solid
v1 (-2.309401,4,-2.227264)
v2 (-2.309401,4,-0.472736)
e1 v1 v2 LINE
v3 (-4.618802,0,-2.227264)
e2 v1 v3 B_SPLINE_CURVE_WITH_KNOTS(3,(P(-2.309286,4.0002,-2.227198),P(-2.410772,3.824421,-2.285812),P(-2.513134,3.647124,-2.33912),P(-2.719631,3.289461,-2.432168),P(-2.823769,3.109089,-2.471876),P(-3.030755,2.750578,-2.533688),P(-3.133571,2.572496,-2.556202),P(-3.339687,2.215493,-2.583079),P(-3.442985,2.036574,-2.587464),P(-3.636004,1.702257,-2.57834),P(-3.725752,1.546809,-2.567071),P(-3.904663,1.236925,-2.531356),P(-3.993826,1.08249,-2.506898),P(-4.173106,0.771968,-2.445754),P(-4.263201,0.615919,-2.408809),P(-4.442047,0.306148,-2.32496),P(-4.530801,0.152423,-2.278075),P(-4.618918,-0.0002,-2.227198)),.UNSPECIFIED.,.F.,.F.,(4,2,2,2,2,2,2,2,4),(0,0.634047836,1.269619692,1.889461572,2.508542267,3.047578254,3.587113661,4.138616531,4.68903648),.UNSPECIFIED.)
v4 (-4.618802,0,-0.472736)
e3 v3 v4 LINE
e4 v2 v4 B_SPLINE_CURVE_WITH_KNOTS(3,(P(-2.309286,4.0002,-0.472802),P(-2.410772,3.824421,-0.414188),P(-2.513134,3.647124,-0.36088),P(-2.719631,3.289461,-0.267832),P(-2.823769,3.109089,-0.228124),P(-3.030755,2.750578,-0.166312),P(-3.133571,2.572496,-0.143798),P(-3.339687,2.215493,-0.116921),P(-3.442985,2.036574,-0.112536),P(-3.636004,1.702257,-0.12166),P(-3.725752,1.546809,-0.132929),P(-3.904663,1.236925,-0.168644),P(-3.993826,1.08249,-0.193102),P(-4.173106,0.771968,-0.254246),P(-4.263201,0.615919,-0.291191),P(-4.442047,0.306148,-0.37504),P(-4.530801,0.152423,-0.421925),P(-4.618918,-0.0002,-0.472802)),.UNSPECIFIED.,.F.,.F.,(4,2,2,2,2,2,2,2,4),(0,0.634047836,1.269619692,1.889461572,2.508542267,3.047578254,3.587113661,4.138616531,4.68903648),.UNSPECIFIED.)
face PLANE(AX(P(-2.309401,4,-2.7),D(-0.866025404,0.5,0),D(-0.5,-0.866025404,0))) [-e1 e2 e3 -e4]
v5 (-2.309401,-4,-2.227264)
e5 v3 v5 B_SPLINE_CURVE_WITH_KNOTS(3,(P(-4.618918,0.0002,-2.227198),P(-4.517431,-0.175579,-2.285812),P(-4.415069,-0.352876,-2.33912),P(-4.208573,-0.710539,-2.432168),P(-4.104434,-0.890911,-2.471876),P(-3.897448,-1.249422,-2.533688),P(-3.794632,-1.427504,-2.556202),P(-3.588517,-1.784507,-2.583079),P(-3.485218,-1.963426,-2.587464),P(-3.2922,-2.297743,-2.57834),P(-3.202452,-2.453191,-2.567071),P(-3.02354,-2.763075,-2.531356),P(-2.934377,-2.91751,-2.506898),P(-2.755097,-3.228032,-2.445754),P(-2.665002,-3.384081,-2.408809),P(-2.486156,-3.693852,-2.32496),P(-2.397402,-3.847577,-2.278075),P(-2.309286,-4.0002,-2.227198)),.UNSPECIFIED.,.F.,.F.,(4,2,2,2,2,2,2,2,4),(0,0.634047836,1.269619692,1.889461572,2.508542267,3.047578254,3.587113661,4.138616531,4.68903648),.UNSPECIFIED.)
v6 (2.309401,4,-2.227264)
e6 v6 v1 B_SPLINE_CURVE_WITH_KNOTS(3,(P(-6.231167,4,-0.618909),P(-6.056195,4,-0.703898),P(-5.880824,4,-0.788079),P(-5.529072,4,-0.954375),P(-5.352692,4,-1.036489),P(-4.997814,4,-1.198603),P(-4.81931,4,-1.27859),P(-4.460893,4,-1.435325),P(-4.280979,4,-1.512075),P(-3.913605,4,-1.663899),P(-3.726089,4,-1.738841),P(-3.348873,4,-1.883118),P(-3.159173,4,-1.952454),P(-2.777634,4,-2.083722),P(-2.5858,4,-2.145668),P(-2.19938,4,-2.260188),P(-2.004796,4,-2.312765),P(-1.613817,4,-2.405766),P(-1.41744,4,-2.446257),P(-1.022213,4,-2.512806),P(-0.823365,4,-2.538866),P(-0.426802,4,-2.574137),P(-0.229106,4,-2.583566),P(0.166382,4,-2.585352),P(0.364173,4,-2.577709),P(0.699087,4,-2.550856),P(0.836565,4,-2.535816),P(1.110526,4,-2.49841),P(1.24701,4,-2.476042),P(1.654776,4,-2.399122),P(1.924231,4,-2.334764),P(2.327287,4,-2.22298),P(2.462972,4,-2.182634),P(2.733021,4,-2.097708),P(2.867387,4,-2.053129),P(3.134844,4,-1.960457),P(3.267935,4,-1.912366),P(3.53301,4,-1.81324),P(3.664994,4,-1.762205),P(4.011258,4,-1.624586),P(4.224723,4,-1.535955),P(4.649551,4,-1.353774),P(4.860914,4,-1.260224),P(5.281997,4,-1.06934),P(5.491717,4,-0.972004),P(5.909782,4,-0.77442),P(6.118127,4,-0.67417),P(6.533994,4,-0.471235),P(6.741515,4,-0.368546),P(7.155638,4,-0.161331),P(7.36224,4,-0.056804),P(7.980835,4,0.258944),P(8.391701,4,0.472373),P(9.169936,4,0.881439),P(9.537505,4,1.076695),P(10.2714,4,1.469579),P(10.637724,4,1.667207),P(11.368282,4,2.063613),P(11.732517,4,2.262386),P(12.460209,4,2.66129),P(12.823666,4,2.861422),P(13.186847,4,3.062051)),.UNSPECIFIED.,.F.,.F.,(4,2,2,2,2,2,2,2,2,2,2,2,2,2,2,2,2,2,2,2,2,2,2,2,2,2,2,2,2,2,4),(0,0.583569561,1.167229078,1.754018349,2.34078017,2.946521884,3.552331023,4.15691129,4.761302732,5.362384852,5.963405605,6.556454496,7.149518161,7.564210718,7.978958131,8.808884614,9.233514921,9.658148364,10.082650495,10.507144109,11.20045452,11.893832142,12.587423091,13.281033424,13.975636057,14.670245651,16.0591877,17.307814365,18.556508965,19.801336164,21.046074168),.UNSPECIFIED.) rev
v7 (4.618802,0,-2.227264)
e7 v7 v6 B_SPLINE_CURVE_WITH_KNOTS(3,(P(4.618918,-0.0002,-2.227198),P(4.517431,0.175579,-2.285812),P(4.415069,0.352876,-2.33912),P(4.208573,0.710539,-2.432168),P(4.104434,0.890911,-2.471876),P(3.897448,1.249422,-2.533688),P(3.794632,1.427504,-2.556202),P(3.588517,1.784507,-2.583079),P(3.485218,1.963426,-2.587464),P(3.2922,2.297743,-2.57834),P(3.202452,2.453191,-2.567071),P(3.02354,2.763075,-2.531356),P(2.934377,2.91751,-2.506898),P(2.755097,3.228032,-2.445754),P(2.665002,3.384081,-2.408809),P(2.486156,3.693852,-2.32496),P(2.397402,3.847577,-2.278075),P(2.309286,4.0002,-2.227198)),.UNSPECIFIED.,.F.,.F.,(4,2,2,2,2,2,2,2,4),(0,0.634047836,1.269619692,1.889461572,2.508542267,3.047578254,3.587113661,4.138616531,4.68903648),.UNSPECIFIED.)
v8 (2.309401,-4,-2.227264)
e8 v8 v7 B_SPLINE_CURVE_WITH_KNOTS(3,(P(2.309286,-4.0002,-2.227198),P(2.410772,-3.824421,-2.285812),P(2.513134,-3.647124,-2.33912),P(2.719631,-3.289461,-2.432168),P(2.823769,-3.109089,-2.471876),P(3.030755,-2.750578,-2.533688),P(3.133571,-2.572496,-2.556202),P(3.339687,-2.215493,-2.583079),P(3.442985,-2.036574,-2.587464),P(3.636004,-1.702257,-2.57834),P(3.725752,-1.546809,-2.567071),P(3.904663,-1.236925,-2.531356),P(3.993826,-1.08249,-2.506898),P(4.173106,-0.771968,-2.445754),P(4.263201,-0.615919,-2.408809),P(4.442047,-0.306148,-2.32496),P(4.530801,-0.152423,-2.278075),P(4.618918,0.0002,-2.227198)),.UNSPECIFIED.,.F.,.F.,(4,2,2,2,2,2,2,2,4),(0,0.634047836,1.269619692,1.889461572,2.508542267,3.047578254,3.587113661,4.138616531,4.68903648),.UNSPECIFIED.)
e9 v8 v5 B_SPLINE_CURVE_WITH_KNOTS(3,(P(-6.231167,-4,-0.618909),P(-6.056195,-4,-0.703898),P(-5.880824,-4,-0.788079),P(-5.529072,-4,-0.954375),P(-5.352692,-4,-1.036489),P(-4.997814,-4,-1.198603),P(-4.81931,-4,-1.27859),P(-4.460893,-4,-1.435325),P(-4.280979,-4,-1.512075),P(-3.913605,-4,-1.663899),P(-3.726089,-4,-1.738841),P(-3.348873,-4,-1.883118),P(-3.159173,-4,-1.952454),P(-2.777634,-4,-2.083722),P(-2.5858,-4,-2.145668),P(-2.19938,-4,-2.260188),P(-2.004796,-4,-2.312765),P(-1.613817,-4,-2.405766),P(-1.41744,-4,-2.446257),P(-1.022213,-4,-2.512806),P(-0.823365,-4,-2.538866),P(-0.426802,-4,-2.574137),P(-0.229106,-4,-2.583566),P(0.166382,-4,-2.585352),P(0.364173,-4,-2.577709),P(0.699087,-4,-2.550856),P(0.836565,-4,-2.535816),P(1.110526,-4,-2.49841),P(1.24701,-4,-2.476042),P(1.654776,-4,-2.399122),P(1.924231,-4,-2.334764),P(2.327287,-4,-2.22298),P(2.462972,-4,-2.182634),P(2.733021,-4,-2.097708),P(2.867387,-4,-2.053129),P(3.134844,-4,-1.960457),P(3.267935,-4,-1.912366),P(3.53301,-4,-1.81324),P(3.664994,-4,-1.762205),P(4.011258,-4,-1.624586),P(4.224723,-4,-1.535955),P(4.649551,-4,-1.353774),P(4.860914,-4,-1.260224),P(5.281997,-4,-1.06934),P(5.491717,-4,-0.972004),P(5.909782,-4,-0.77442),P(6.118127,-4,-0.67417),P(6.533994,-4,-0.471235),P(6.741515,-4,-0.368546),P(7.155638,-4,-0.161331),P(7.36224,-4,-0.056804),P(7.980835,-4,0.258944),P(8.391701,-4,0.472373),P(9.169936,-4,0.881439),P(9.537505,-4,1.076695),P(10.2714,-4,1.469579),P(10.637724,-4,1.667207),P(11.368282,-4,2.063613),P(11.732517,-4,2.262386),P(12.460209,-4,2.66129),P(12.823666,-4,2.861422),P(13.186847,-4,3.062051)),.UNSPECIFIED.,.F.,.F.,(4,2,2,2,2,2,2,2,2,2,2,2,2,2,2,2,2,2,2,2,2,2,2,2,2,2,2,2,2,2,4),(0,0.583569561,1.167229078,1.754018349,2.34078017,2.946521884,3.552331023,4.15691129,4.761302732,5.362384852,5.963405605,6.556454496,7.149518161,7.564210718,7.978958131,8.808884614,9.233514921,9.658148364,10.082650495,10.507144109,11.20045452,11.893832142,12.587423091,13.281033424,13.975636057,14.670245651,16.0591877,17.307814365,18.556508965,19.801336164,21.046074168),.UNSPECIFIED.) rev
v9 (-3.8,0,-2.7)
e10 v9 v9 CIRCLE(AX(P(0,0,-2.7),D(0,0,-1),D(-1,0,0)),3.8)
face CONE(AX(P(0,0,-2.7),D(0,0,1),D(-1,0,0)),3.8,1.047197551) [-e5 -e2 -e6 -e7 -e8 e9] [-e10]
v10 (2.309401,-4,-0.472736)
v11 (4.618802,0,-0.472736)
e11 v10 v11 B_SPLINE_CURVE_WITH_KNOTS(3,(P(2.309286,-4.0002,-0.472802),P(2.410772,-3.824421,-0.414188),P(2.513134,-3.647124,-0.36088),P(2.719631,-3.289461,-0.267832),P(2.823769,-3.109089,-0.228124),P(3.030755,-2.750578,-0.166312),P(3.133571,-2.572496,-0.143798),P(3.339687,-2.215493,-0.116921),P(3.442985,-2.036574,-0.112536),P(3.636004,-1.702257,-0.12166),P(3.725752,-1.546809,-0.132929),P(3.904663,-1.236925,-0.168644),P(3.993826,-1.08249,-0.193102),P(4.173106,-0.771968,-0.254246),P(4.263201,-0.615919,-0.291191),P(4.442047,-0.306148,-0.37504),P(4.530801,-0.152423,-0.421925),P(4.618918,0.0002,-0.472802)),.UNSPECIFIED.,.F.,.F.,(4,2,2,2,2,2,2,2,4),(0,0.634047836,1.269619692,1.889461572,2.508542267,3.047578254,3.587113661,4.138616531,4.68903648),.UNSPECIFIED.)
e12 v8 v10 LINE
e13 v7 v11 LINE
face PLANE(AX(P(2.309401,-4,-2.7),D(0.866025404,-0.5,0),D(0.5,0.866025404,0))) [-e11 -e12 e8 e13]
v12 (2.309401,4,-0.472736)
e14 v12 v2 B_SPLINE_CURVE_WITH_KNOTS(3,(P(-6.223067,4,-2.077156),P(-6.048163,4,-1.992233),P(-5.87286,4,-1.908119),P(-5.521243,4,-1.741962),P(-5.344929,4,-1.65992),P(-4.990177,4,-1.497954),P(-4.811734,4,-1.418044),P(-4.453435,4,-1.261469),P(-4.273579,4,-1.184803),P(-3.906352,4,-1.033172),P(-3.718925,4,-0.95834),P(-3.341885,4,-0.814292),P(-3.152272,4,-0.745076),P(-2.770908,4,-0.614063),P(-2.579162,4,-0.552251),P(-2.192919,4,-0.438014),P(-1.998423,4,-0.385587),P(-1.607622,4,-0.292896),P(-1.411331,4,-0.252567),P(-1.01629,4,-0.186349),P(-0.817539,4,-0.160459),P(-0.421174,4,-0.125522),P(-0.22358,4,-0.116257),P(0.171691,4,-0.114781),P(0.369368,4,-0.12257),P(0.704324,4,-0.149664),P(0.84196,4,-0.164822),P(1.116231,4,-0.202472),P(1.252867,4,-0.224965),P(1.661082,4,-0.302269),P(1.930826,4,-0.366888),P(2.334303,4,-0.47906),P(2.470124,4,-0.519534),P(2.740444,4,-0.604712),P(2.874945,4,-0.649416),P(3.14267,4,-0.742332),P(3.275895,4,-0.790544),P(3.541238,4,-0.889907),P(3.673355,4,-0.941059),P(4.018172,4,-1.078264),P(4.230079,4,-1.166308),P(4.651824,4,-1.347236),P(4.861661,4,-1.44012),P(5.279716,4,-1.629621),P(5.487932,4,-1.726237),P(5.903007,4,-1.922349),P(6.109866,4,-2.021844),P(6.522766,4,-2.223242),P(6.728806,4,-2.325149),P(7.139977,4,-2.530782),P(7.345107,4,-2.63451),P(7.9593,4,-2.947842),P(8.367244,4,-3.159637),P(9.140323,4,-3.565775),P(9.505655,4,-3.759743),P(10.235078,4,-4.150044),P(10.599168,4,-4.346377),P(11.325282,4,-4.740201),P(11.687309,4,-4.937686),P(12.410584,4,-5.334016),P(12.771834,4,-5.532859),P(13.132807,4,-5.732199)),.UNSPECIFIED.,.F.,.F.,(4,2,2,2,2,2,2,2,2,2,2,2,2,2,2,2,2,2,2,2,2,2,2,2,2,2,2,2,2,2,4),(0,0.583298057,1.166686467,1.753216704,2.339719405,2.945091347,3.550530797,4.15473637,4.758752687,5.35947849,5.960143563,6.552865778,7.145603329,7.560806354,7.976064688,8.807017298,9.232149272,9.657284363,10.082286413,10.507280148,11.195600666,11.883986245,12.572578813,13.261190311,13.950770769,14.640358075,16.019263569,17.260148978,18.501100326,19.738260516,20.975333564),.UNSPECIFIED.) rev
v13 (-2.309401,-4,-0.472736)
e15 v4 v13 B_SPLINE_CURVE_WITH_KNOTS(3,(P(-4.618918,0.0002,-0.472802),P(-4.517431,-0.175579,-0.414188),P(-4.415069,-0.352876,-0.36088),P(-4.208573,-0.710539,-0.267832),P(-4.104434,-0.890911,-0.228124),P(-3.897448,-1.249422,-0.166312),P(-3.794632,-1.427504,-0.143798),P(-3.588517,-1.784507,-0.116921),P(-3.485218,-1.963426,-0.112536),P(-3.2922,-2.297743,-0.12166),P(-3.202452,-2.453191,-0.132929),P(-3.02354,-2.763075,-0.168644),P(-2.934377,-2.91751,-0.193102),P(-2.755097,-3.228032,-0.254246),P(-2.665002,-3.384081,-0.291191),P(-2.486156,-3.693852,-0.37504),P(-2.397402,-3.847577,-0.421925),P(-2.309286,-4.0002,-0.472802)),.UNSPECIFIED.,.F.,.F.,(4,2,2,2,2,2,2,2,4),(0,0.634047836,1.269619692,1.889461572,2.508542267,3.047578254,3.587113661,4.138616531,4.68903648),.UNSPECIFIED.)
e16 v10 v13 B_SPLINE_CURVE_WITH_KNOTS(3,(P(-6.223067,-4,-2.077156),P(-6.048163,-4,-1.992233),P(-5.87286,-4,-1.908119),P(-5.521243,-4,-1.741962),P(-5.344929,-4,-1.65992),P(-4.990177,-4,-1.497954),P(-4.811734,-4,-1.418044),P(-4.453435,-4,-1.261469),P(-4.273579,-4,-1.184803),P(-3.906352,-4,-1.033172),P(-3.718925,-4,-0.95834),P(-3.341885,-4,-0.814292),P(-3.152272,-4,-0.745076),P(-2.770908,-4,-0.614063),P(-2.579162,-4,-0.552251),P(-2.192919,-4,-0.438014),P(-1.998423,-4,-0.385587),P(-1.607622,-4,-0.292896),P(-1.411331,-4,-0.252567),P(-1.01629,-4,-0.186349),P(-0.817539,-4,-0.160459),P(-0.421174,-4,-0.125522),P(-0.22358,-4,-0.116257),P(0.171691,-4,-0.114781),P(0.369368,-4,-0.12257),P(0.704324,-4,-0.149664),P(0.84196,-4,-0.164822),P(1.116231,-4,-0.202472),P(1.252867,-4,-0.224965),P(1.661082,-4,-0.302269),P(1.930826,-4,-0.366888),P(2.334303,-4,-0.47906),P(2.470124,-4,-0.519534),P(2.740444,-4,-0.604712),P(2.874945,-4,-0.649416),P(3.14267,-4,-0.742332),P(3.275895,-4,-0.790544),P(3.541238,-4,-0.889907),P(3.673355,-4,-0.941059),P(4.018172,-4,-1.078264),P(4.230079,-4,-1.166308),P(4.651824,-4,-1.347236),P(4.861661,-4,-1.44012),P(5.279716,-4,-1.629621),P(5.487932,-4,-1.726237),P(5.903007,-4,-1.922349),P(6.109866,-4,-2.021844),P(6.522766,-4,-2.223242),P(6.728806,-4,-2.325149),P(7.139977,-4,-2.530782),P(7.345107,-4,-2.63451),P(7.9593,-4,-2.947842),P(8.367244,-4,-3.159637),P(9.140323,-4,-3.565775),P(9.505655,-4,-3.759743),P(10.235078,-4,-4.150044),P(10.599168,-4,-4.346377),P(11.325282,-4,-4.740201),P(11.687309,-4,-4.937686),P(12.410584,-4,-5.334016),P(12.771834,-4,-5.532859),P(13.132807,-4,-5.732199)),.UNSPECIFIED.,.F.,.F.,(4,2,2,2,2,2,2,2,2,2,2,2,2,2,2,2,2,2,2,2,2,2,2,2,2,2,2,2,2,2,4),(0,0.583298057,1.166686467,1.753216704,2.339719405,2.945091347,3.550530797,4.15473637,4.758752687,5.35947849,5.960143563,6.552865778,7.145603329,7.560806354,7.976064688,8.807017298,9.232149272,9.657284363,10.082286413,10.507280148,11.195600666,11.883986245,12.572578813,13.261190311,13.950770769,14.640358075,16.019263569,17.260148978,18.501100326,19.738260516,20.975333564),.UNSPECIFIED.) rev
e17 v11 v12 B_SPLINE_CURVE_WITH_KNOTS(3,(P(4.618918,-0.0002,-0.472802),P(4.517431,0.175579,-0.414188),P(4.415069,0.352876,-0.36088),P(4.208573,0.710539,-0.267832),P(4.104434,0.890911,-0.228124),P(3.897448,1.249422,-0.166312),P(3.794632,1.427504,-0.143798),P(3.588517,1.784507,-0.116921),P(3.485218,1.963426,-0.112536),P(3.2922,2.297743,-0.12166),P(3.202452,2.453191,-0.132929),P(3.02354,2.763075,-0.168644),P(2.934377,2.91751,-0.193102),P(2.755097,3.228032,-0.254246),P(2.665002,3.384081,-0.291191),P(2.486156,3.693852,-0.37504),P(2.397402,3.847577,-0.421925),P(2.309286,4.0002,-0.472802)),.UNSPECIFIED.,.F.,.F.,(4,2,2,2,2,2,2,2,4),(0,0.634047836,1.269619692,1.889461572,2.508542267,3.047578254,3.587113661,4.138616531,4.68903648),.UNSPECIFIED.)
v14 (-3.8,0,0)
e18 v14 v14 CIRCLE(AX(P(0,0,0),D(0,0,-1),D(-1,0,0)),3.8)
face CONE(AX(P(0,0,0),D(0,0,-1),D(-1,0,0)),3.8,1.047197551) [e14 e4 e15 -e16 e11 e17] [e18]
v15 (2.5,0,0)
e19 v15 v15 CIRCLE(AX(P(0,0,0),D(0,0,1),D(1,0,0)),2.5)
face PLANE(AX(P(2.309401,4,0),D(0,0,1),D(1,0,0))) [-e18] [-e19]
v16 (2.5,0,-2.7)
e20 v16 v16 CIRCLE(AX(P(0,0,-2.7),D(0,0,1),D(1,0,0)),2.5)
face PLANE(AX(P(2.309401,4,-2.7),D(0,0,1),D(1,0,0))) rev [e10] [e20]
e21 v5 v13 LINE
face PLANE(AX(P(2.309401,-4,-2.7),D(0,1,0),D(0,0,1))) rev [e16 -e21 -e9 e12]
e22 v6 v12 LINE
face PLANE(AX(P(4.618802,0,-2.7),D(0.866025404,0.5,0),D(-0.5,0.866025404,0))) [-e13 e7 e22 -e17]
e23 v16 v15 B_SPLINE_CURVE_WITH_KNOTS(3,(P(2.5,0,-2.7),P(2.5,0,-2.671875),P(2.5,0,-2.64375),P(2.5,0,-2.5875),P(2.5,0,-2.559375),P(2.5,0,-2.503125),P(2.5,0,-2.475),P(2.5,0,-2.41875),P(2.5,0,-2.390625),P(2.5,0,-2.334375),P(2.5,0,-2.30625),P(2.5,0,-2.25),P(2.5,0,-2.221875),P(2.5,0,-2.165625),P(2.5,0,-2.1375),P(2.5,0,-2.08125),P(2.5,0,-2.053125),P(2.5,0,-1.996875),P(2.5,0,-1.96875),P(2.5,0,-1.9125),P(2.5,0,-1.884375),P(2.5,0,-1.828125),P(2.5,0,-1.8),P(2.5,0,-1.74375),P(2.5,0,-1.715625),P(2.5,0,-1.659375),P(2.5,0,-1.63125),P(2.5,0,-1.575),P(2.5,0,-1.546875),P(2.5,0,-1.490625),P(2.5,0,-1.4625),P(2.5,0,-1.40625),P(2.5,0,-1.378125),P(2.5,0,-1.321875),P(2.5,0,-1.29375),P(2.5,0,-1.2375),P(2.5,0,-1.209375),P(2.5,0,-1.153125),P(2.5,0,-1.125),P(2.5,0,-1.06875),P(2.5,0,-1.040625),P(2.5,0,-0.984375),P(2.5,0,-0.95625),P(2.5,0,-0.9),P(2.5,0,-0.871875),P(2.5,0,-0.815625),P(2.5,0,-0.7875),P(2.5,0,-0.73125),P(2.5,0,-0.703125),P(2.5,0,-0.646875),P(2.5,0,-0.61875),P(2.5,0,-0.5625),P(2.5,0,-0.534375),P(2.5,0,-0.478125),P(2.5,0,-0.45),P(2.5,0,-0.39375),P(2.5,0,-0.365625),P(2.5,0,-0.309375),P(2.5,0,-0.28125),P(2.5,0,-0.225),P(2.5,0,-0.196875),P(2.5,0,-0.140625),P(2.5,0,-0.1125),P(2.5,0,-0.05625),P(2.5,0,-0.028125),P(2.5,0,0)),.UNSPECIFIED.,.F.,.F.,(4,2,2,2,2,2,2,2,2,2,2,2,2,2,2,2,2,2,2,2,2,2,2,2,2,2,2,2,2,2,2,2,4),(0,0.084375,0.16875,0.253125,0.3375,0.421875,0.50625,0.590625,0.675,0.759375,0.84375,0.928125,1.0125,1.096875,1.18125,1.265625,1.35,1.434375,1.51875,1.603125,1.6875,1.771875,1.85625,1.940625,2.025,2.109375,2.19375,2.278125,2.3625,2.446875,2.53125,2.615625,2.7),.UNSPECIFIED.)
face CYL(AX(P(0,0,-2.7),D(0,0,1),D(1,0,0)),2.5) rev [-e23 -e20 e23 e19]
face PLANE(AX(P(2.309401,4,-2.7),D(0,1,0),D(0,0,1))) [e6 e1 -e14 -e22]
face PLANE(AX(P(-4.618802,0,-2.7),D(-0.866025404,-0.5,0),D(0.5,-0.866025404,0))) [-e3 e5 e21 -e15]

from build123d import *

# Parameters (mm, degrees)
BASENUTSKE_R            = 2.5
BASENUT_DEPTH           = 2.7
SKETCH6_OUTSIDE_W       = 40.346
SKETCH6_OUTSIDE_H       = 39.108
SKETCH6_OUTSIDE_R       = 3.8
CUT_EXTRUDE2_DEPTH      = 7.68006986
CUT_EXTRUDE2_DRAFT      = -60
MIRROR1_COPY_1_SKETCH_W = 40.346
MIRROR1_COPY_1_SKETCH_H = 39.108
MIRROR1_COPY_1_SKETCH_R = 3.8
MIRROR1_COPY_1_DEPTH    = 7.68006986
MIRROR1_COPY_1_DRAFT    = -60


with BuildPart() as part:
    # BaseNutSke → BaseNut (new body)
    with BuildSketch(Plane.XY):
        Polygon((2.309401077, -4), (-2.309401077, -4), (-4.618802154, 0), (-2.309401077, 4), (2.309401077, 4), (4.618802154, 0), align=None)
        Circle(BASENUTSKE_R, mode=Mode.SUBTRACT)
    extrude(amount=-BASENUT_DEPTH)


with BuildPart() as cut_extrude2_tool:
    # Sketch6 outside → Cut-Extrude2 (with draft: the straight prism first)
    with BuildSketch(Plane(origin=(0, 0, -2.7), x_dir=(-1, 0, 0), z_dir=(0, 0, -1))):
        Rectangle(SKETCH6_OUTSIDE_W, SKETCH6_OUTSIDE_H)
        Circle(SKETCH6_OUTSIDE_R, mode=Mode.SUBTRACT)
    extrude(amount=-CUT_EXTRUDE2_DEPTH)
    # Cut-Extrude2: the draft: its side faces are tilted about the plane it starts from
    cut_extrude2_sides = [cut_extrude2_tool.faces().sort_by_distance(p)[0] for p in [
        (0, -19.554, 1.14003493),
        (-20.173, 0, 1.14003493),
        (0, 19.554, 1.14003493),
        (20.173, 0, 1.14003493),
        (3.8, 0, 1.14003493),
    ]]
    draft(cut_extrude2_sides, Plane(origin=(0, 0, -2.7), x_dir=(-1, 0, 0), z_dir=(0, 0, -1)), CUT_EXTRUDE2_DRAFT)


with BuildPart() as part_1:
    add(part.part)

    # Cut-Extrude2: cut by cut_extrude2_tool
    add(cut_extrude2_tool.part, mode=Mode.SUBTRACT)


with BuildPart() as mirror1_copy_1_tool:
    # Mirror1 copy 1 sketch → Mirror1 copy 1 (with draft: the straight prism first)
    with BuildSketch(Plane(origin=(0, 0, 0), x_dir=(-1, 0, 0), z_dir=(0, 0, 1))):
        Rectangle(MIRROR1_COPY_1_SKETCH_W, MIRROR1_COPY_1_SKETCH_H)
        Circle(MIRROR1_COPY_1_SKETCH_R, mode=Mode.SUBTRACT)
    extrude(amount=-MIRROR1_COPY_1_DEPTH)
    # Mirror1 copy 1: the draft: its side faces are tilted about the plane it starts from
    mirror1_copy_1_sides = [mirror1_copy_1_tool.faces().sort_by_distance(p)[0] for p in [
        (0, -19.554, -3.84003493),
        (-20.173, 0, -3.84003493),
        (0, 19.554, -3.84003493),
        (20.173, 0, -3.84003493),
        (3.8, 0, -3.84003493),
    ]]
    draft(mirror1_copy_1_sides, Plane(origin=(0, 0, 0), x_dir=(-1, 0, 0), z_dir=(0, 0, 1)), MIRROR1_COPY_1_DRAFT)


with BuildPart() as part_2:
    add(part_1.part)

    # Mirror1 copy 1: cut by mirror1_copy_1_tool
    add(mirror1_copy_1_tool.part, mode=Mode.SUBTRACT)


solid = part_2.part
